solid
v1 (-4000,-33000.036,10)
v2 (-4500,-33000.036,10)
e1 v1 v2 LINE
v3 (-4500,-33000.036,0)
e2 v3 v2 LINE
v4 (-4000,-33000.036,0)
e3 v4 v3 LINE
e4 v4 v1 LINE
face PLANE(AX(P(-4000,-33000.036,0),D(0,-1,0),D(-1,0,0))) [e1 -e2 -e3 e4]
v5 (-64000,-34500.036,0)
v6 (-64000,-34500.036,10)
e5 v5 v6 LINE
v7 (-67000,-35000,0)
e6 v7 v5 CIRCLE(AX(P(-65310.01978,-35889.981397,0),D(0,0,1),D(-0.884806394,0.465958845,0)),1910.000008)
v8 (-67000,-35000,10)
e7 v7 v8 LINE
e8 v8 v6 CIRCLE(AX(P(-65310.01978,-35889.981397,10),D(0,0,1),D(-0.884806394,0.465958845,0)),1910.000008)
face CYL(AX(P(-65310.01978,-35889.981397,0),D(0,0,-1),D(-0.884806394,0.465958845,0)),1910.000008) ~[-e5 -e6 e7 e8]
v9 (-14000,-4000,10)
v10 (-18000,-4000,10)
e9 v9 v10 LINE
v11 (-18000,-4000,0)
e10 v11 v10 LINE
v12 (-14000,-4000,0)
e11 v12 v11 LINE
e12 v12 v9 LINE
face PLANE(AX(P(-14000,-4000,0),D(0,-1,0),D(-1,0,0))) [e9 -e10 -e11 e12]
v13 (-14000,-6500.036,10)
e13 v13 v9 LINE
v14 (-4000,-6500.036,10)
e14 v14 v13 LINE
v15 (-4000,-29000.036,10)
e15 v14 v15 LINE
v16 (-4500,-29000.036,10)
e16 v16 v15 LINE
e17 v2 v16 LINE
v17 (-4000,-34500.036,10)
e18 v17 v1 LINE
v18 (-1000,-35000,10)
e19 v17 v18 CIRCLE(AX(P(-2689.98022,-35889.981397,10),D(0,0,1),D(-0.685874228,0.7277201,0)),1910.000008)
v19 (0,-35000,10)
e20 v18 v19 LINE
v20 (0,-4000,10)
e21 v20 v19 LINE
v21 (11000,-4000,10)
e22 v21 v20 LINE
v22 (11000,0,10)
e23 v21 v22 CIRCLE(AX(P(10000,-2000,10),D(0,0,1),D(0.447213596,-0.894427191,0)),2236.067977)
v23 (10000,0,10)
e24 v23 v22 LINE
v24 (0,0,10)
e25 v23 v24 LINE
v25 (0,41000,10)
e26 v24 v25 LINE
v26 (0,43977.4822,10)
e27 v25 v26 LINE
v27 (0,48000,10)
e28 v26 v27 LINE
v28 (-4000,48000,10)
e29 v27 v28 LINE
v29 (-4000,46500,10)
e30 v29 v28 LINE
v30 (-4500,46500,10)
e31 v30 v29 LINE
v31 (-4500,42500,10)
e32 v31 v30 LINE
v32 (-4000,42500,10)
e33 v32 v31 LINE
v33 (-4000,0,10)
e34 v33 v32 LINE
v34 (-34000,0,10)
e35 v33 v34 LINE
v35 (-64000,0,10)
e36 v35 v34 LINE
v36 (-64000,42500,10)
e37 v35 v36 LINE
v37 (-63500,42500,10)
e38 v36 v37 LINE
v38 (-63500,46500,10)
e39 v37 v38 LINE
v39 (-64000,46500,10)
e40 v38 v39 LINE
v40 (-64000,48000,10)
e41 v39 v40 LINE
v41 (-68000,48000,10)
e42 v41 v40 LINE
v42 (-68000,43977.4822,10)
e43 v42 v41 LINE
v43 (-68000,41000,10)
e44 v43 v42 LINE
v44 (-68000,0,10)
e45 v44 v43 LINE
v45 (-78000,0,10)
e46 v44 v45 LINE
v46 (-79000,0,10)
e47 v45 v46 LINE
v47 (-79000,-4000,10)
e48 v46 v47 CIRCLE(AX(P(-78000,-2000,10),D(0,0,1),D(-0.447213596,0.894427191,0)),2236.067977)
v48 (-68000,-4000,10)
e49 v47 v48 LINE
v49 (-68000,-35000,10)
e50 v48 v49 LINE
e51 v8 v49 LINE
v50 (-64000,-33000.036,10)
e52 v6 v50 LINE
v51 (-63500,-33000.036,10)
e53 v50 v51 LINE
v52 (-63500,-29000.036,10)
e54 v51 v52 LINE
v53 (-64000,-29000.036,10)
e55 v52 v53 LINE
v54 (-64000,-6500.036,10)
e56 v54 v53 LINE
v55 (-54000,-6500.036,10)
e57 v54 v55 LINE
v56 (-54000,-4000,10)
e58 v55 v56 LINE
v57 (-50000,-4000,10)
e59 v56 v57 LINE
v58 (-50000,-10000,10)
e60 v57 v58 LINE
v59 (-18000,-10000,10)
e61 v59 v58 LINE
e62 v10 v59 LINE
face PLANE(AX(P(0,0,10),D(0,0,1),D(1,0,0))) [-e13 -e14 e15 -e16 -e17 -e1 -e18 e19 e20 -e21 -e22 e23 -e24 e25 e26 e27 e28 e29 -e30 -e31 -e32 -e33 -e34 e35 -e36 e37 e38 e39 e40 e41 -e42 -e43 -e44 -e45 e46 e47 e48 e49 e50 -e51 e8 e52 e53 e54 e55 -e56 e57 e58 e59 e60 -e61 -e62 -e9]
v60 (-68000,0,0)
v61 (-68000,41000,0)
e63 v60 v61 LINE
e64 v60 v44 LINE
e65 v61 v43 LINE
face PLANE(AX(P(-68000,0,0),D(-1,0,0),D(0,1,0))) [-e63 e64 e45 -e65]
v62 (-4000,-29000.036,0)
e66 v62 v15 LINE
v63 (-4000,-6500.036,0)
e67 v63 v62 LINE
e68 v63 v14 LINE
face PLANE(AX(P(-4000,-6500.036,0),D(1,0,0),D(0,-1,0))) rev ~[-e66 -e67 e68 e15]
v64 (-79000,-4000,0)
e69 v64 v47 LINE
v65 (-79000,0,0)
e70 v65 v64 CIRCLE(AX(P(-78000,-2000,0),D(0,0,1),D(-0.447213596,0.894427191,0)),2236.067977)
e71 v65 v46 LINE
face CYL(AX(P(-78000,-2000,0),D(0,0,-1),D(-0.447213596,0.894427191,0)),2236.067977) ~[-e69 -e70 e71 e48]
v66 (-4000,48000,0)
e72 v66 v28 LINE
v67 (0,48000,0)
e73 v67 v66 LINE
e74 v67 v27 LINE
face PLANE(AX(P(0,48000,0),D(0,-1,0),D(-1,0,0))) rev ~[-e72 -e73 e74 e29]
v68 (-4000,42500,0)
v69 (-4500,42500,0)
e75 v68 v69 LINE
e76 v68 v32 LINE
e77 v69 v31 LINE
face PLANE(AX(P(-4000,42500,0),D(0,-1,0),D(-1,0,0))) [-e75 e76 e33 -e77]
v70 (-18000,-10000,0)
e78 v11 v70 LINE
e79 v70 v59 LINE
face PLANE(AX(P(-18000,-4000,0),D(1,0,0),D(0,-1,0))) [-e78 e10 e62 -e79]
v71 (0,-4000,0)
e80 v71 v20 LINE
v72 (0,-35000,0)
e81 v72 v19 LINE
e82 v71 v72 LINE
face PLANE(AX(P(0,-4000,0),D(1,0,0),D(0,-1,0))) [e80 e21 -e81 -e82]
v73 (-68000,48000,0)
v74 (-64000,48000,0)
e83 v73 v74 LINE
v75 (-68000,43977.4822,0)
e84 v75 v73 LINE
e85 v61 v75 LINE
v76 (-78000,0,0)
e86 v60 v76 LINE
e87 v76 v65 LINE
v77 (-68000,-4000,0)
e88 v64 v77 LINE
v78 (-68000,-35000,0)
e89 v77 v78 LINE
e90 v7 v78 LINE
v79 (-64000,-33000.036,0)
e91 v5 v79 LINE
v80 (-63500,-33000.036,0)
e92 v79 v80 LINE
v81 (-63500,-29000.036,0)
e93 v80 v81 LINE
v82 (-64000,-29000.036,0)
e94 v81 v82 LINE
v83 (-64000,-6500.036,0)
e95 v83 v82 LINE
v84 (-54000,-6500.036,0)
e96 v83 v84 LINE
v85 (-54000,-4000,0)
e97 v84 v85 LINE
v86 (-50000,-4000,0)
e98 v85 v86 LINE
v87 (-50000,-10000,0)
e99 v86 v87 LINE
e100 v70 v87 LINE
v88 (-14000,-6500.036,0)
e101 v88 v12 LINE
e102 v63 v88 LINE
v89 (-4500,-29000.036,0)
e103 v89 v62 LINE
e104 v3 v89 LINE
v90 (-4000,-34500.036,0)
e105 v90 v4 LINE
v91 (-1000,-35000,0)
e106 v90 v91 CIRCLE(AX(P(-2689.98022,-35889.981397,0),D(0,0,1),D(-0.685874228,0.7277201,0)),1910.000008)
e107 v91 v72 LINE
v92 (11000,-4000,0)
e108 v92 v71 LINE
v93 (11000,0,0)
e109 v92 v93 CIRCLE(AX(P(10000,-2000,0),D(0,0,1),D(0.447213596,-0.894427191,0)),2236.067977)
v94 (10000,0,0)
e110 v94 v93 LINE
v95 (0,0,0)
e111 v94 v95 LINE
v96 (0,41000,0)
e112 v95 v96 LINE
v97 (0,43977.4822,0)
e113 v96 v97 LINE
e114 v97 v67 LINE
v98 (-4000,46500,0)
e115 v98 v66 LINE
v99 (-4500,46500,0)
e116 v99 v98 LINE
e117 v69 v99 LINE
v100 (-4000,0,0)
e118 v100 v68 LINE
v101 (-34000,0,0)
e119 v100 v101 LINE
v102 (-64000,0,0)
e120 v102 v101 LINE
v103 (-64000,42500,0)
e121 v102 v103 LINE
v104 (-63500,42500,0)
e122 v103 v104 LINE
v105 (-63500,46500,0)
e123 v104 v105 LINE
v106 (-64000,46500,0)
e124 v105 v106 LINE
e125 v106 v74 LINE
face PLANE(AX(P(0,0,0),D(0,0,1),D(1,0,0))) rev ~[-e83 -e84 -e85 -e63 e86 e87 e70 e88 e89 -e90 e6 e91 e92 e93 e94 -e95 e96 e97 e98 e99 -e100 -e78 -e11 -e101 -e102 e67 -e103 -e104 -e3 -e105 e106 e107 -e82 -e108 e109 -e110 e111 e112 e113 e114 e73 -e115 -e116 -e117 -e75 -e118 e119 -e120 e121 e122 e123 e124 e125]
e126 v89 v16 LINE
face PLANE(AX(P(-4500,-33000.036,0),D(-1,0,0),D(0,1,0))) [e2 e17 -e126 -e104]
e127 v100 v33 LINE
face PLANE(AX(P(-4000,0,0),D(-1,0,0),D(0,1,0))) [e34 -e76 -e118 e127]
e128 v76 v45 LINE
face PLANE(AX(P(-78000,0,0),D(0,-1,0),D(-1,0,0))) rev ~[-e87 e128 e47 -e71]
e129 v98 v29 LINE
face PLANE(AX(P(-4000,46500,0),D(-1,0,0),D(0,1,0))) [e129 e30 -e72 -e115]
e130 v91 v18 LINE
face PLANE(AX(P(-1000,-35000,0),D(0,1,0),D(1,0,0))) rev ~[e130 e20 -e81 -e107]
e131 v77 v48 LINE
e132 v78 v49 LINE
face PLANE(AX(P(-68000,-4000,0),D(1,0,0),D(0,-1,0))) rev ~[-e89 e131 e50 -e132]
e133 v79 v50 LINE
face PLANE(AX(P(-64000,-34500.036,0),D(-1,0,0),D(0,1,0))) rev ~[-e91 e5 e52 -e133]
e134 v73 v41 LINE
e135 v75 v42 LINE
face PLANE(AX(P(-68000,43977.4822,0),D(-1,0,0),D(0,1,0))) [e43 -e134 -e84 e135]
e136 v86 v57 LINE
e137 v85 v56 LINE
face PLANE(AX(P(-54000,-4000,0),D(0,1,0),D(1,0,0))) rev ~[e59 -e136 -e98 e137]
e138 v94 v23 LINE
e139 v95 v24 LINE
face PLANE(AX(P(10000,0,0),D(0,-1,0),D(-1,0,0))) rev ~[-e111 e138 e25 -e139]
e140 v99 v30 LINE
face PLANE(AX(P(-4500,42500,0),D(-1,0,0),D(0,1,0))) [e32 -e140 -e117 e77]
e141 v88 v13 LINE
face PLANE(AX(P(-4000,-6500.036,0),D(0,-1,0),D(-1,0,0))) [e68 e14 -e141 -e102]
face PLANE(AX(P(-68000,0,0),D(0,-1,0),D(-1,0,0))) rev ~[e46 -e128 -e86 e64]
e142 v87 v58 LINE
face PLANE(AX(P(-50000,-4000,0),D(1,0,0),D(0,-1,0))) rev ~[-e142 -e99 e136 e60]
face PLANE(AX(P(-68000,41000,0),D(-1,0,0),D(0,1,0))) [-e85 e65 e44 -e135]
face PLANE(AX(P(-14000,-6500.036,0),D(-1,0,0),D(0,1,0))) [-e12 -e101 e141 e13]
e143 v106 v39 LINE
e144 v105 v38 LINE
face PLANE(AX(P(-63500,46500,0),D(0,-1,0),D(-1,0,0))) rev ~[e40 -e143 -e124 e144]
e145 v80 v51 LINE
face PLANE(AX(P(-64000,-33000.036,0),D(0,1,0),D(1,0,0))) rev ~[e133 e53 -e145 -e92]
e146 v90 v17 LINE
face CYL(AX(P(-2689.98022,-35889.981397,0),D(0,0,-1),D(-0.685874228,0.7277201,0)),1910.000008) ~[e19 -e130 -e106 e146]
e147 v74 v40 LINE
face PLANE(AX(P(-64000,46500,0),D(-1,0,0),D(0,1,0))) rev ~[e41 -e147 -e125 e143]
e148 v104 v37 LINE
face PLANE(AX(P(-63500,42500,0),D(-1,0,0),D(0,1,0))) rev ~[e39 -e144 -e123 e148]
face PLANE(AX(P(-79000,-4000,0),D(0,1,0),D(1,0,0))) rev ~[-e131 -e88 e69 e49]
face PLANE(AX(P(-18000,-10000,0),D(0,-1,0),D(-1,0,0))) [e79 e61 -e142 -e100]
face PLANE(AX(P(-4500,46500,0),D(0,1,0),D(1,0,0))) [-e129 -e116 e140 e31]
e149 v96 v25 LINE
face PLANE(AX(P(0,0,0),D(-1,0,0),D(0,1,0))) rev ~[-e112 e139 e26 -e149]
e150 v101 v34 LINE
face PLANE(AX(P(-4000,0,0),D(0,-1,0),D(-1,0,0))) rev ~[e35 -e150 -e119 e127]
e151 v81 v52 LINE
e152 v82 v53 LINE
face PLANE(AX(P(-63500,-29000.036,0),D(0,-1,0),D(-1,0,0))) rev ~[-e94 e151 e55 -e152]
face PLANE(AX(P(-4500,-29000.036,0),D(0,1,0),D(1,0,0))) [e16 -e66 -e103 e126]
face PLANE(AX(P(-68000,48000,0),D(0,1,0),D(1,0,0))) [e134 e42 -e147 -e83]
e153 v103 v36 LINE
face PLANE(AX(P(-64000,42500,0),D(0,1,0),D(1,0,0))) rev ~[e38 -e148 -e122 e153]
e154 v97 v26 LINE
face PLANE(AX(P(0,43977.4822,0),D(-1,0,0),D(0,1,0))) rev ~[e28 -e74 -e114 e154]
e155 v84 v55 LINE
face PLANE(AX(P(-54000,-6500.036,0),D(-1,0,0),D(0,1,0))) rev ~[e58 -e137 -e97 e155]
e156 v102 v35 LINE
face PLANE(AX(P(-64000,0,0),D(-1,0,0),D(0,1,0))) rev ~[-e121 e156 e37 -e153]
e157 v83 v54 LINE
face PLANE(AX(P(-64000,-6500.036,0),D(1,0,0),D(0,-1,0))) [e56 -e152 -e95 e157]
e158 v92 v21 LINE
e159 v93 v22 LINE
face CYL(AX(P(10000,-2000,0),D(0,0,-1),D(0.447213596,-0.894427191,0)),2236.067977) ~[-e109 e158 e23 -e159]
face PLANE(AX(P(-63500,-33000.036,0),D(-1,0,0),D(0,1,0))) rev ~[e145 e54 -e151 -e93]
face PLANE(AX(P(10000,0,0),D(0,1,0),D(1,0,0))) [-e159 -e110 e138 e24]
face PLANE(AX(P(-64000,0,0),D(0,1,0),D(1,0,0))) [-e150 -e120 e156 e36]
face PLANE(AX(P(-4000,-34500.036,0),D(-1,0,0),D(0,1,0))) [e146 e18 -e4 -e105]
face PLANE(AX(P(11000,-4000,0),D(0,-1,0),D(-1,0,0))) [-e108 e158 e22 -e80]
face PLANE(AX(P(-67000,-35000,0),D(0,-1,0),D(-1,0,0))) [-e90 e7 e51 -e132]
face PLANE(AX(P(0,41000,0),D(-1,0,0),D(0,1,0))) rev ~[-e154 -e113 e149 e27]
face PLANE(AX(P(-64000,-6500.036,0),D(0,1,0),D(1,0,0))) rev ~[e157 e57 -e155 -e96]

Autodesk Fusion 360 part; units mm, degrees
sketch "スケッチ1" plane through (0, 0, 0) normal (0, 0, 1) x (1, 0, 0)
  line L0 (10000, 0) -> (11000, 0)
  line L1 (11000, -4000) -> (0, -4000)
  line L2 (-63500, -29000.036) -> (-64000, -29000.036)
  line L3 (-63500, 42500) -> (-63500, 46500)
  line L4 (-54000, -6500.036) -> (-54000, -4000)
  line L5 (-64000, -34500.036) -> (-64000, -33000.036)
  line L6 (-34000, 2000) -> (-34000, -2000)
  arc A0 (-79000, 0) -> (-79000, -4000) centre (-78000, -2000) ccw
  line L7 (-67000, -35000) -> (-68000, -35000)
  line L8 (-64000, -6500.036) -> (-64000, -29000.036)
  line L9 (-64000, 0) -> (-34000, 0)
  line L10 (-64000, 42500) -> (-63500, 42500)
  line L11 (0, 41000) -> (0, 43977.4822)
  line L12 (-4500, -33000.036) -> (-4500, -29000.036)
  arc A1 (-67000, -35000) -> (-64000, -34500.036) centre (-65310.0198, -35889.9814) ccw
  arc A2 (11000, -4000) -> (11000, 0) centre (10000, -2000) ccw
  line L13 (-79000, -4000) -> (-68000, -4000)
  line L14 (-68000, 41000) -> (-68000, 43977.4822)
  line L15 (11000, -4000) -> (0, -4000)
  line L16 (-1000, -35000) -> (0, -35000)
  line L17 (-64000, 0) -> (-64000, 42500)
  line L18 (-78000, 0) -> (-79000, 0)
  line L19 (-68000, 0) -> (-78000, 0)
  line L20 (-4000, 0) -> (-4000, 42500)
  line L21 (-64000, -6500.036) -> (-54000, -6500.036)
  line L22 (-14000, -6500.036) -> (-14000, -4000)
  line L23 (-68000, 0) -> (-68000, 41000)
  line L24 (-63500, -33000.036) -> (-63500, -29000.036)
  line L25 (-4000, 0) -> (-34000, 0)
  line L26 (-4000, -6500.036) -> (-14000, -6500.036)
  line L27 (-4000, -33000.036) -> (-4500, -33000.036)
  line L28 (-4000, 42500) -> (-4500, 42500)
  line L29 (-68000, -4000) -> (-68000, -35000)
  line L30 (11000, 0) -> (0, 0)
  line L31 (-64000, -33000.036) -> (-63500, -33000.036)
  line L32 (0, -4000) -> (0, -35000)
  line L33 (-4500, 46500) -> (-4000, 46500)
  line L34 (0, 0) -> (10000, 0)
  line L35 (-63500, 46500) -> (-64000, 46500)
  line L36 (-4000, -34500.036) -> (-4000, -33000.036)
  line L37 (-4000, -6500.036) -> (-4000, -29000.036)
  line L38 (-4500, -29000.036) -> (-4000, -29000.036)
  line L39 (-4500, 42500) -> (-4500, 46500)
  arc A3 (-4000, -34500.036) -> (-1000, -35000) centre (-2689.9802, -35889.9814) ccw
  line L40 (0, 0) -> (0, 41000)
  line L41 (-54000, -4000) -> (-50000, -4000)
  line L42 (-50000, -4000) -> (-50000, -10000)
  line L43 (-14000, -4000) -> (-18000, -4000)
  line L44 (-18000, -4000) -> (-18000, -10000)
  line L45 (-18000, -10000) -> (-50000, -10000)
  line L46 (-68000, 43977.4822) -> (-68000, 48000)
  line L47 (-64000, 46500) -> (-64000, 48000)
  line L48 (-4000, 46500) -> (-4000, 48000)
  line L49 (0, 43977.4822) -> (0, 48000)
  line L50 (0, 48000) -> (-4000, 48000)
  line L51 (-68000, 48000) -> (-64000, 48000)
  point P0 (-64000, 42500)
  point P1 (-64000, -6500.036)
  point P2 (-64000, 0)
  point P3 (-64000, -34500.036)
  point P4 (-68000, 0)
  point P5 (-64000, -35000)
  point P6 (-4000, 0)
  point P7 (-64000, 41000)
  point P8 (-4000, -35000)
  point P9 (-4000, 41000)
  point P10 (-4000, -6500.036)
  point P11 (-64000, 0)
  point P12 (-4000, 42500)
  point P13 (-4000, -34500.036)
extrude "押し出し1" add sketch "スケッチ1" along normal blind 10
